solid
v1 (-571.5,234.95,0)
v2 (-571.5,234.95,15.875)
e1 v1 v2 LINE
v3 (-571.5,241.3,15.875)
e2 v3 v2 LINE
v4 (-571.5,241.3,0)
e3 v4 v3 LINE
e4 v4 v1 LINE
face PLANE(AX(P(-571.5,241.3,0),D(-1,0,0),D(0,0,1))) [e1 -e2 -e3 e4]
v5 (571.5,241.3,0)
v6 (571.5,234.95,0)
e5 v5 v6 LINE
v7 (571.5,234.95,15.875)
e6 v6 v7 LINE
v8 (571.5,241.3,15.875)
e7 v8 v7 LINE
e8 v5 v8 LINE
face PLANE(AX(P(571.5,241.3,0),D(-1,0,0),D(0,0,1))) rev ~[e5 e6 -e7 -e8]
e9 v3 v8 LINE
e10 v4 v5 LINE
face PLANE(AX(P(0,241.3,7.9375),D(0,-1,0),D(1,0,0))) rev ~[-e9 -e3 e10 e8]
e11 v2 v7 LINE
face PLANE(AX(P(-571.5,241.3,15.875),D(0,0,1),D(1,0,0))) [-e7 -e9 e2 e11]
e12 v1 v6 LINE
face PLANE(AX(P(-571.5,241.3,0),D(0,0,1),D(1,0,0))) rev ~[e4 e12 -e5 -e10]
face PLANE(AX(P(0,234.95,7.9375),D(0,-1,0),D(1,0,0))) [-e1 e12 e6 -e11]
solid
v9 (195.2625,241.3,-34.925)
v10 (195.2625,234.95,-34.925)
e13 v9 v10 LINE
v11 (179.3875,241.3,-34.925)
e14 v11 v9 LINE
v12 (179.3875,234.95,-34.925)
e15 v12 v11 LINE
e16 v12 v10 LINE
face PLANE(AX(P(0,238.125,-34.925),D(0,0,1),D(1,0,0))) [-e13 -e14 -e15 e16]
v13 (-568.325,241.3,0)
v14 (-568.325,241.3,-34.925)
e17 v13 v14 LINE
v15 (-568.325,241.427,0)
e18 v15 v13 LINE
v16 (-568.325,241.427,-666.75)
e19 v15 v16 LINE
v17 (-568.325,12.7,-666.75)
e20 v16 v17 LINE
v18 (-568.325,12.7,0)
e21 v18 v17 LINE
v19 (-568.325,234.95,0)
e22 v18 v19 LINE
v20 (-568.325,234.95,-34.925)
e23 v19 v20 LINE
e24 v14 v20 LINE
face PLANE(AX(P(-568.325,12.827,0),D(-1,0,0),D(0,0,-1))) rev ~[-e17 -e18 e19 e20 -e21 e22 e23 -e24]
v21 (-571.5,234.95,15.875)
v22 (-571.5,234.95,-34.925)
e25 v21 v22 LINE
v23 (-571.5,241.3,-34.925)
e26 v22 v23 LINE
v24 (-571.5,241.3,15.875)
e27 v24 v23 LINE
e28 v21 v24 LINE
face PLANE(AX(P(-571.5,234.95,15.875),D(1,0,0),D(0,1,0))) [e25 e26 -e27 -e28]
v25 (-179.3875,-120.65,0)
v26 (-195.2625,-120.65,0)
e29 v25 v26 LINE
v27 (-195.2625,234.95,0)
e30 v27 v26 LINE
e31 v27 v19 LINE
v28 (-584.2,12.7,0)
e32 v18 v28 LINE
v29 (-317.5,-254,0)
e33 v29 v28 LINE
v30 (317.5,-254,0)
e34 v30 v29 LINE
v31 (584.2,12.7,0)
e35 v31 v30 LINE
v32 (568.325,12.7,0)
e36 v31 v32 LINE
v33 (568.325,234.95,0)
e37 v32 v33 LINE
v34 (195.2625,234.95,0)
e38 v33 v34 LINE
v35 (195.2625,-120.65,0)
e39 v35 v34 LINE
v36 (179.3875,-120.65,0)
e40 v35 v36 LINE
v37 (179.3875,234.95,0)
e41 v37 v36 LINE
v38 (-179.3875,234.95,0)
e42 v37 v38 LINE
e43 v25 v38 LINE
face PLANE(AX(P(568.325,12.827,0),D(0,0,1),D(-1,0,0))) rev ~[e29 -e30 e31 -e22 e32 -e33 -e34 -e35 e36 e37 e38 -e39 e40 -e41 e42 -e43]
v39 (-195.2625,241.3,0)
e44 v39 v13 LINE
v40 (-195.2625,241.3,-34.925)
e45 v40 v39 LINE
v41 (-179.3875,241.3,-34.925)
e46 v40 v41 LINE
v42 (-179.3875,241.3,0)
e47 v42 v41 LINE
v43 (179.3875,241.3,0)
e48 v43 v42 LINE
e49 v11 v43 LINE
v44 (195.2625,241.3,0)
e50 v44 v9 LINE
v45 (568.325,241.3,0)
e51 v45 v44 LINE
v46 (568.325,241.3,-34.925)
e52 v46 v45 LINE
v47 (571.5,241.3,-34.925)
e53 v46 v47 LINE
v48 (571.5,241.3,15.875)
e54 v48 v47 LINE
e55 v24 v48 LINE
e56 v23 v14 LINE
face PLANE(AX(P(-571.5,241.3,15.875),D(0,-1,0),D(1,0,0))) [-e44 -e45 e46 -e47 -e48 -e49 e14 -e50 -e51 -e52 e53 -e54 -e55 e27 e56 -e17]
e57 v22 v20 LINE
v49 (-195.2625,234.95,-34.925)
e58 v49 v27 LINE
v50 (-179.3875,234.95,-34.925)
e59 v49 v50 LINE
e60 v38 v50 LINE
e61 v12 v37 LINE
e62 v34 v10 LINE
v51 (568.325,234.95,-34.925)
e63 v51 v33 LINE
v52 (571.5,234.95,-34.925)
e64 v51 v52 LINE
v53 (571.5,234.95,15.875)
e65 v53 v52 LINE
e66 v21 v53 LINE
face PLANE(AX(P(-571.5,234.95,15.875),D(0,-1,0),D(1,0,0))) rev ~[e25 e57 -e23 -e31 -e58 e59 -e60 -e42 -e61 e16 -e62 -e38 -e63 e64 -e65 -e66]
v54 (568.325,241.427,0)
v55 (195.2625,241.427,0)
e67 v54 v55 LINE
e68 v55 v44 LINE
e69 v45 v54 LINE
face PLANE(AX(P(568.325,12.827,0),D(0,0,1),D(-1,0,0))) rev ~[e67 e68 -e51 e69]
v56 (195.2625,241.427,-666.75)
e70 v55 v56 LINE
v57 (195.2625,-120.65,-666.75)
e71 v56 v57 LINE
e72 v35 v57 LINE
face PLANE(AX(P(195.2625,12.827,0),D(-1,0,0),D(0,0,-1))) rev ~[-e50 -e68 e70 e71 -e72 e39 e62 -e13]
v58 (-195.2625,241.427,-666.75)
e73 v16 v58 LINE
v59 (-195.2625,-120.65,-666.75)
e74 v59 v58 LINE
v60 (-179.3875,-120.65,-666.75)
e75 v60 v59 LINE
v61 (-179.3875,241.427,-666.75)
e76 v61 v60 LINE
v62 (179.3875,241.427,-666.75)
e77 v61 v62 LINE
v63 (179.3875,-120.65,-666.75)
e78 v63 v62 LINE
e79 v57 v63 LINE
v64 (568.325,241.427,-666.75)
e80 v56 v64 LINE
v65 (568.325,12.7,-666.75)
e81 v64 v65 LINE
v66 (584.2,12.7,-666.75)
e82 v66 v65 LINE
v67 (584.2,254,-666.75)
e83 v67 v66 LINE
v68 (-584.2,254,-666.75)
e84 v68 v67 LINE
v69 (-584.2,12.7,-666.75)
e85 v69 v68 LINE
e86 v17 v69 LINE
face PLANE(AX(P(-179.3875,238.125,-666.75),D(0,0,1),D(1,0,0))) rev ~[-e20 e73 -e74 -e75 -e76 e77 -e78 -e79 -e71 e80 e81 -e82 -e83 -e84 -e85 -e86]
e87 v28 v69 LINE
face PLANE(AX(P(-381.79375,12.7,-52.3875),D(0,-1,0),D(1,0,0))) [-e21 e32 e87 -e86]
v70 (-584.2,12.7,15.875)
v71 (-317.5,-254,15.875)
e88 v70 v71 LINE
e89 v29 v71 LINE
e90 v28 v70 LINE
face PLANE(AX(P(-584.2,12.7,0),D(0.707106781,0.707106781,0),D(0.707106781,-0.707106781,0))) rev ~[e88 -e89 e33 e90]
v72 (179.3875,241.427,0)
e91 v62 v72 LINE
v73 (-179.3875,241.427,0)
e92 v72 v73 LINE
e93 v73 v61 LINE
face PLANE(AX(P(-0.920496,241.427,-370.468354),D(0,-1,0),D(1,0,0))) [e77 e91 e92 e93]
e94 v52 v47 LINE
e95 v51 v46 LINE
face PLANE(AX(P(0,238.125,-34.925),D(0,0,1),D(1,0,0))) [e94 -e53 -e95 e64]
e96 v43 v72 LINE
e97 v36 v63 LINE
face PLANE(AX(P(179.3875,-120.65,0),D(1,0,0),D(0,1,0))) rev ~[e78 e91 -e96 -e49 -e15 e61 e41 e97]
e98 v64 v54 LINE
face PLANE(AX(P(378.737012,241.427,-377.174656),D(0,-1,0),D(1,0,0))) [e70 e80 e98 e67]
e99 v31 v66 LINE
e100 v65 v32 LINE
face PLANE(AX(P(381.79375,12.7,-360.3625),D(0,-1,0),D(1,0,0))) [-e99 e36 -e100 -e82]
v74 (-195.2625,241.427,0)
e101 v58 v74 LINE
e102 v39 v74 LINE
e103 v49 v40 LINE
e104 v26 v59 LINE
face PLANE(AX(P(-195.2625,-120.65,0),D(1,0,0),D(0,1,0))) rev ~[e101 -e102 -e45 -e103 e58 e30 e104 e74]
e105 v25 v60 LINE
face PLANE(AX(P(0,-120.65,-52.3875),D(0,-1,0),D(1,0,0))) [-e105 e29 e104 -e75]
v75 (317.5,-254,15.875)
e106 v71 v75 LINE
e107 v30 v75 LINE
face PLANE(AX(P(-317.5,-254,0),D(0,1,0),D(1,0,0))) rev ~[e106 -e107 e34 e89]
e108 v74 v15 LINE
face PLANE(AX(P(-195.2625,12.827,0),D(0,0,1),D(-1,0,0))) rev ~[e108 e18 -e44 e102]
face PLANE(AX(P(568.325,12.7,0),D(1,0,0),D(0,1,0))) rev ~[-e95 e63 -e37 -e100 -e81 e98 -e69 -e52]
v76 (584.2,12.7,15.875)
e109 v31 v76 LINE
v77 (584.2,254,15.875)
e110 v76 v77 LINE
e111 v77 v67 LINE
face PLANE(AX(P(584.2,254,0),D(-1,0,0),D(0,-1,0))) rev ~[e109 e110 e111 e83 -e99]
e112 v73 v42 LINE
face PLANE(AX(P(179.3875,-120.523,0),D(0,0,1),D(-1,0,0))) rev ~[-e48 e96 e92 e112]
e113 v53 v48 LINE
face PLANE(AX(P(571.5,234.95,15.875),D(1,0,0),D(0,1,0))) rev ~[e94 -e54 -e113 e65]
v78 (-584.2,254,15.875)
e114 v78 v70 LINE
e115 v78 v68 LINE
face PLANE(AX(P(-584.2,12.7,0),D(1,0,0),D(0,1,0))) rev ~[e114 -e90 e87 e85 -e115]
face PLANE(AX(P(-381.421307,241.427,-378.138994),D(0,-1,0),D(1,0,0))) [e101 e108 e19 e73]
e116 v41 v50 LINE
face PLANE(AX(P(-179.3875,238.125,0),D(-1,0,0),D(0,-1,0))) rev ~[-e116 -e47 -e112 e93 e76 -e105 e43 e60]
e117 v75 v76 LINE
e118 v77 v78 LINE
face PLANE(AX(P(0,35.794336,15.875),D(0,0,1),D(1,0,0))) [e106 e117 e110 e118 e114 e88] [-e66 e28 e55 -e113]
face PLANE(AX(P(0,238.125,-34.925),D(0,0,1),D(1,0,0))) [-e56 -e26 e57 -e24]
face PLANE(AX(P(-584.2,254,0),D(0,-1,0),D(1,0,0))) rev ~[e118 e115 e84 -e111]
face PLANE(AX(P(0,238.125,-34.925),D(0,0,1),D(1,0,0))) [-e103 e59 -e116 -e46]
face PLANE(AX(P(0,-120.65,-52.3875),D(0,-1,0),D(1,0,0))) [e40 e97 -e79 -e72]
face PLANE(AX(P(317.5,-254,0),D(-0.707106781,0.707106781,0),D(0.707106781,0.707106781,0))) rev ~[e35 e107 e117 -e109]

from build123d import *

# Parameters (mm, degrees)
F1_DEPTH  = 15.875
F3_DEPTH  = 666.75
F4_W      = 373.0625
F4_H      = 304.8
F4_H_2    = 50.8
F5_DEPTH  = 225.298
F6_W      = 373.0625
F6_H      = 304.8
F6_H_2    = 50.8
F7_DEPTH  = 225.298
F8_W      = 358.775
F8_H      = 304.8
F8_H_2    = 50.8
F9_DEPTH  = 358.648
F10_R     = 12.7
F11_DEPTH = 25.4
F12_R     = 12.7
F13_DEPTH = 25.4
F14_R     = 12.7
F15_DEPTH = 25.4
F16_R     = 12.7
F17_DEPTH = 25.4
F18_R     = 12.7
F19_DEPTH = 25.4
F20_R     = 12.7
F21_DEPTH = 25.4
F22_R     = 12.7
F23_DEPTH = 25.4
F24_R     = 12.7
F25_DEPTH = 25.4
F26_R     = 12.7
F27_DEPTH = 25.4
F28_W     = 358.775
F28_H     = 3.175
F29_DEPTH = 358.775
F30_W     = 358.775
F30_H     = 3.175
F31_DEPTH = 358.775
F32_W     = 373.0625
F32_H     = 3.175
F33_DEPTH = 225.425
F34_W     = 373.0625
F34_H     = 3.175
F35_DEPTH = 225.425
F36_W     = 373.0625
F36_H     = 3.175
F37_DEPTH = 225.425
F38_W     = 373.0625
F38_H     = 3.175
F39_DEPTH = 225.425
F40_W     = 1143
F40_H     = 6.35
F41_DEPTH = 50.8
F43_DEPTH = 228.6
F45_DEPTH = 228.6
F47_DEPTH = 361.95
F48_W     = 1143
F48_H     = 15.875
F49_DEPTH = 6.35


with BuildPart() as f1:
    # F0 (on Top) → F1 (new body)
    with BuildSketch(Plane.XY):
        Polygon((584.2, 254), (-584.2, 254), (-584.2, 12.7), (-317.5, -254), (317.5, -254), (584.2, 12.7), align=None)
    extrude(amount=F1_DEPTH)

    # F2 (on face) → F3 (join)
    with BuildSketch(Plane(origin=(0, 0, 0), x_dir=(1, 0, 0), z_dir=(0, 0, -1))):
        Polygon((-568.325, -12.7), (-584.2, -12.7), (-584.2, -254), (-568.325, -254), (568.325, -254), (584.2, -254), (584.2, -12.7), (568.325, -12.7), (568.325, -238.125), (195.2625, -238.125), (179.3875, -238.125), (-179.3875, -238.125), (-195.2625, -238.125), (-568.325, -238.125), align=None)
        Polygon((-195.2625, 120.65), (-195.2625, -238.125), (-179.3875, -238.125), (-179.3875, 120.65), (-187.325, 120.65), align=None)
        Polygon((179.3875, 120.65), (179.3875, -238.125), (195.2625, -238.125), (195.2625, 120.65), (187.325, 120.65), align=None)
    extrude(amount=F3_DEPTH)

    # F4 (on face) → F5 (join)
    with BuildSketch(Plane.XZ.offset(-238.125)):
        with Locations((-381.79375, -514.35)):
            Rectangle(F4_W, F4_H)
        with Locations((-381.79375, -206.375)):
            Rectangle(F4_W, F4_H)
        with Locations((-381.79375, -25.4)):
            Rectangle(F4_W, F4_H_2)
    extrude(amount=F5_DEPTH)

    # F6 (on face) → F7 (join)
    with BuildSketch(Plane.XZ.offset(-238.125)):
        with Locations((381.79375, -514.35)):
            Rectangle(F6_W, F6_H)
        with Locations((381.79375, -206.375)):
            Rectangle(F6_W, F6_H)
        with Locations((381.79375, -25.4)):
            Rectangle(F6_W, F6_H_2)
    extrude(amount=F7_DEPTH)

    # F8 (on face) → F9 (join)
    with BuildSketch(Plane.XZ.offset(-238.125)):
        with Locations((0, -514.35)):
            Rectangle(F8_W, F8_H)
        with Locations((0, -206.375)):
            Rectangle(F8_W, F8_H)
        with Locations((0, -25.4)):
            Rectangle(F8_W, F8_H_2)
    extrude(amount=F9_DEPTH)

    # F10 (on face) → F11 (join)
    with BuildSketch(Plane.XZ.offset(-12.827)):
        with Locations((-381.79375, -514.35)):
            Circle(F10_R)
    extrude(amount=F11_DEPTH)

    # F12 (on face) → F13 (join)
    with BuildSketch(Plane.XZ.offset(-12.827)):
        with Locations((-381.79375, -206.375)):
            Circle(F12_R)
    extrude(amount=F13_DEPTH)

    # F14 (on face) → F15 (join)
    with BuildSketch(Plane.XZ.offset(-12.827)):
        with Locations((-381.79375, -25.4)):
            Circle(F14_R)
    extrude(amount=F15_DEPTH)

    # F16 (on face) → F17 (join)
    with BuildSketch(Plane.XZ.offset(120.523)):
        with Locations((0, -514.35)):
            Circle(F16_R)
    extrude(amount=F17_DEPTH)

    # F18 (on face) → F19 (join)
    with BuildSketch(Plane.XZ.offset(120.523)):
        with Locations((0, -206.375)):
            Circle(F18_R)
    extrude(amount=F19_DEPTH)

    # F20 (on face) → F21 (join)
    with BuildSketch(Plane.XZ.offset(120.523)):
        with Locations((0, -25.4)):
            Circle(F20_R)
    extrude(amount=F21_DEPTH)

    # F22 (on face) → F23 (join)
    with BuildSketch(Plane.XZ.offset(-12.827)):
        with Locations((381.79375, -514.35)):
            Circle(F22_R)
    extrude(amount=F23_DEPTH)

    # F24 (on face) → F25 (join)
    with BuildSketch(Plane.XZ.offset(-12.827)):
        with Locations((381.79375, -206.375)):
            Circle(F24_R)
    extrude(amount=F25_DEPTH)

    # F26 (on face) → F27 (join)
    with BuildSketch(Plane.XZ.offset(-12.827)):
        with Locations((381.79375, -25.4)):
            Circle(F26_R)
    extrude(amount=F27_DEPTH)

    # F28 (on face) → F29 (join)
    with BuildSketch(Plane.XZ.offset(-238.125)):
        with Locations((0, -360.3625)):
            Rectangle(F28_W, F28_H)
    extrude(amount=F29_DEPTH)

    # F30 (on face) → F31 (join)
    with BuildSketch(Plane.XZ.offset(-238.125)):
        with Locations((0, -52.3875)):
            Rectangle(F30_W, F30_H)
    extrude(amount=F31_DEPTH)

    # F32 (on face) → F33 (join)
    with BuildSketch(Plane.XZ.offset(-238.125)):
        with Locations((-381.79375, -360.3625)):
            Rectangle(F32_W, F32_H)
    extrude(amount=F33_DEPTH)

    # F34 (on face) → F35 (join)
    with BuildSketch(Plane.XZ.offset(-238.125)):
        with Locations((-381.79375, -52.3875)):
            Rectangle(F34_W, F34_H)
    extrude(amount=F35_DEPTH)

    # F36 (on face) → F37 (join)
    with BuildSketch(Plane.XZ.offset(-238.125)):
        with Locations((381.79375, -52.3875)):
            Rectangle(F36_W, F36_H)
    extrude(amount=F37_DEPTH)

    # F38 (on face) → F39 (join)
    with BuildSketch(Plane.XZ.offset(-238.125)):
        with Locations((381.79375, -360.3625)):
            Rectangle(F38_W, F38_H)
    extrude(amount=F39_DEPTH)

    # F40 (on face) → F41 (cut)
    with BuildSketch(Plane.XY.offset(15.875)):
        with Locations((0, 238.125)):
            Rectangle(F40_W, F40_H)
    extrude(amount=-F41_DEPTH, mode=Mode.SUBTRACT)

    # F42 (on face) → F43 (cut, symmetric)
    with BuildSketch(Plane.XZ.offset(-12.827)):
        Polygon((-195.2625, 0), (-568.325, 0), (-568.325, -754.009426), (-195.2625, -758.519292), align=None)
    extrude(amount=F43_DEPTH, both=True, mode=Mode.SUBTRACT)

    # F44 (on face) → F45 (cut, symmetric)
    with BuildSketch(Plane.XZ.offset(-12.827)):
        Polygon((568.325, 0), (195.2625, 0), (195.2625, -771.9118), (568.325, -734.96139), align=None)
    extrude(amount=F45_DEPTH, both=True, mode=Mode.SUBTRACT)

    # F46 (on face) → F47 (cut, symmetric)
    with BuildSketch(Plane.XZ.offset(120.523)):
        Polygon((179.3875, 0), (-179.3875, 0), (-179.3875, -746.490955), (179.3875, -735.204995), align=None)
    extrude(amount=F47_DEPTH, both=True, mode=Mode.SUBTRACT)


with BuildPart() as f49:
    # F48 (on face) → F49 (new body)
    with BuildSketch(Plane.XZ.offset(-241.3)):
        with Locations((0, 7.9375)):
            Rectangle(F48_W, F48_H)
    extrude(amount=F49_DEPTH)


solid = Compound([f1.part, f49.part])
